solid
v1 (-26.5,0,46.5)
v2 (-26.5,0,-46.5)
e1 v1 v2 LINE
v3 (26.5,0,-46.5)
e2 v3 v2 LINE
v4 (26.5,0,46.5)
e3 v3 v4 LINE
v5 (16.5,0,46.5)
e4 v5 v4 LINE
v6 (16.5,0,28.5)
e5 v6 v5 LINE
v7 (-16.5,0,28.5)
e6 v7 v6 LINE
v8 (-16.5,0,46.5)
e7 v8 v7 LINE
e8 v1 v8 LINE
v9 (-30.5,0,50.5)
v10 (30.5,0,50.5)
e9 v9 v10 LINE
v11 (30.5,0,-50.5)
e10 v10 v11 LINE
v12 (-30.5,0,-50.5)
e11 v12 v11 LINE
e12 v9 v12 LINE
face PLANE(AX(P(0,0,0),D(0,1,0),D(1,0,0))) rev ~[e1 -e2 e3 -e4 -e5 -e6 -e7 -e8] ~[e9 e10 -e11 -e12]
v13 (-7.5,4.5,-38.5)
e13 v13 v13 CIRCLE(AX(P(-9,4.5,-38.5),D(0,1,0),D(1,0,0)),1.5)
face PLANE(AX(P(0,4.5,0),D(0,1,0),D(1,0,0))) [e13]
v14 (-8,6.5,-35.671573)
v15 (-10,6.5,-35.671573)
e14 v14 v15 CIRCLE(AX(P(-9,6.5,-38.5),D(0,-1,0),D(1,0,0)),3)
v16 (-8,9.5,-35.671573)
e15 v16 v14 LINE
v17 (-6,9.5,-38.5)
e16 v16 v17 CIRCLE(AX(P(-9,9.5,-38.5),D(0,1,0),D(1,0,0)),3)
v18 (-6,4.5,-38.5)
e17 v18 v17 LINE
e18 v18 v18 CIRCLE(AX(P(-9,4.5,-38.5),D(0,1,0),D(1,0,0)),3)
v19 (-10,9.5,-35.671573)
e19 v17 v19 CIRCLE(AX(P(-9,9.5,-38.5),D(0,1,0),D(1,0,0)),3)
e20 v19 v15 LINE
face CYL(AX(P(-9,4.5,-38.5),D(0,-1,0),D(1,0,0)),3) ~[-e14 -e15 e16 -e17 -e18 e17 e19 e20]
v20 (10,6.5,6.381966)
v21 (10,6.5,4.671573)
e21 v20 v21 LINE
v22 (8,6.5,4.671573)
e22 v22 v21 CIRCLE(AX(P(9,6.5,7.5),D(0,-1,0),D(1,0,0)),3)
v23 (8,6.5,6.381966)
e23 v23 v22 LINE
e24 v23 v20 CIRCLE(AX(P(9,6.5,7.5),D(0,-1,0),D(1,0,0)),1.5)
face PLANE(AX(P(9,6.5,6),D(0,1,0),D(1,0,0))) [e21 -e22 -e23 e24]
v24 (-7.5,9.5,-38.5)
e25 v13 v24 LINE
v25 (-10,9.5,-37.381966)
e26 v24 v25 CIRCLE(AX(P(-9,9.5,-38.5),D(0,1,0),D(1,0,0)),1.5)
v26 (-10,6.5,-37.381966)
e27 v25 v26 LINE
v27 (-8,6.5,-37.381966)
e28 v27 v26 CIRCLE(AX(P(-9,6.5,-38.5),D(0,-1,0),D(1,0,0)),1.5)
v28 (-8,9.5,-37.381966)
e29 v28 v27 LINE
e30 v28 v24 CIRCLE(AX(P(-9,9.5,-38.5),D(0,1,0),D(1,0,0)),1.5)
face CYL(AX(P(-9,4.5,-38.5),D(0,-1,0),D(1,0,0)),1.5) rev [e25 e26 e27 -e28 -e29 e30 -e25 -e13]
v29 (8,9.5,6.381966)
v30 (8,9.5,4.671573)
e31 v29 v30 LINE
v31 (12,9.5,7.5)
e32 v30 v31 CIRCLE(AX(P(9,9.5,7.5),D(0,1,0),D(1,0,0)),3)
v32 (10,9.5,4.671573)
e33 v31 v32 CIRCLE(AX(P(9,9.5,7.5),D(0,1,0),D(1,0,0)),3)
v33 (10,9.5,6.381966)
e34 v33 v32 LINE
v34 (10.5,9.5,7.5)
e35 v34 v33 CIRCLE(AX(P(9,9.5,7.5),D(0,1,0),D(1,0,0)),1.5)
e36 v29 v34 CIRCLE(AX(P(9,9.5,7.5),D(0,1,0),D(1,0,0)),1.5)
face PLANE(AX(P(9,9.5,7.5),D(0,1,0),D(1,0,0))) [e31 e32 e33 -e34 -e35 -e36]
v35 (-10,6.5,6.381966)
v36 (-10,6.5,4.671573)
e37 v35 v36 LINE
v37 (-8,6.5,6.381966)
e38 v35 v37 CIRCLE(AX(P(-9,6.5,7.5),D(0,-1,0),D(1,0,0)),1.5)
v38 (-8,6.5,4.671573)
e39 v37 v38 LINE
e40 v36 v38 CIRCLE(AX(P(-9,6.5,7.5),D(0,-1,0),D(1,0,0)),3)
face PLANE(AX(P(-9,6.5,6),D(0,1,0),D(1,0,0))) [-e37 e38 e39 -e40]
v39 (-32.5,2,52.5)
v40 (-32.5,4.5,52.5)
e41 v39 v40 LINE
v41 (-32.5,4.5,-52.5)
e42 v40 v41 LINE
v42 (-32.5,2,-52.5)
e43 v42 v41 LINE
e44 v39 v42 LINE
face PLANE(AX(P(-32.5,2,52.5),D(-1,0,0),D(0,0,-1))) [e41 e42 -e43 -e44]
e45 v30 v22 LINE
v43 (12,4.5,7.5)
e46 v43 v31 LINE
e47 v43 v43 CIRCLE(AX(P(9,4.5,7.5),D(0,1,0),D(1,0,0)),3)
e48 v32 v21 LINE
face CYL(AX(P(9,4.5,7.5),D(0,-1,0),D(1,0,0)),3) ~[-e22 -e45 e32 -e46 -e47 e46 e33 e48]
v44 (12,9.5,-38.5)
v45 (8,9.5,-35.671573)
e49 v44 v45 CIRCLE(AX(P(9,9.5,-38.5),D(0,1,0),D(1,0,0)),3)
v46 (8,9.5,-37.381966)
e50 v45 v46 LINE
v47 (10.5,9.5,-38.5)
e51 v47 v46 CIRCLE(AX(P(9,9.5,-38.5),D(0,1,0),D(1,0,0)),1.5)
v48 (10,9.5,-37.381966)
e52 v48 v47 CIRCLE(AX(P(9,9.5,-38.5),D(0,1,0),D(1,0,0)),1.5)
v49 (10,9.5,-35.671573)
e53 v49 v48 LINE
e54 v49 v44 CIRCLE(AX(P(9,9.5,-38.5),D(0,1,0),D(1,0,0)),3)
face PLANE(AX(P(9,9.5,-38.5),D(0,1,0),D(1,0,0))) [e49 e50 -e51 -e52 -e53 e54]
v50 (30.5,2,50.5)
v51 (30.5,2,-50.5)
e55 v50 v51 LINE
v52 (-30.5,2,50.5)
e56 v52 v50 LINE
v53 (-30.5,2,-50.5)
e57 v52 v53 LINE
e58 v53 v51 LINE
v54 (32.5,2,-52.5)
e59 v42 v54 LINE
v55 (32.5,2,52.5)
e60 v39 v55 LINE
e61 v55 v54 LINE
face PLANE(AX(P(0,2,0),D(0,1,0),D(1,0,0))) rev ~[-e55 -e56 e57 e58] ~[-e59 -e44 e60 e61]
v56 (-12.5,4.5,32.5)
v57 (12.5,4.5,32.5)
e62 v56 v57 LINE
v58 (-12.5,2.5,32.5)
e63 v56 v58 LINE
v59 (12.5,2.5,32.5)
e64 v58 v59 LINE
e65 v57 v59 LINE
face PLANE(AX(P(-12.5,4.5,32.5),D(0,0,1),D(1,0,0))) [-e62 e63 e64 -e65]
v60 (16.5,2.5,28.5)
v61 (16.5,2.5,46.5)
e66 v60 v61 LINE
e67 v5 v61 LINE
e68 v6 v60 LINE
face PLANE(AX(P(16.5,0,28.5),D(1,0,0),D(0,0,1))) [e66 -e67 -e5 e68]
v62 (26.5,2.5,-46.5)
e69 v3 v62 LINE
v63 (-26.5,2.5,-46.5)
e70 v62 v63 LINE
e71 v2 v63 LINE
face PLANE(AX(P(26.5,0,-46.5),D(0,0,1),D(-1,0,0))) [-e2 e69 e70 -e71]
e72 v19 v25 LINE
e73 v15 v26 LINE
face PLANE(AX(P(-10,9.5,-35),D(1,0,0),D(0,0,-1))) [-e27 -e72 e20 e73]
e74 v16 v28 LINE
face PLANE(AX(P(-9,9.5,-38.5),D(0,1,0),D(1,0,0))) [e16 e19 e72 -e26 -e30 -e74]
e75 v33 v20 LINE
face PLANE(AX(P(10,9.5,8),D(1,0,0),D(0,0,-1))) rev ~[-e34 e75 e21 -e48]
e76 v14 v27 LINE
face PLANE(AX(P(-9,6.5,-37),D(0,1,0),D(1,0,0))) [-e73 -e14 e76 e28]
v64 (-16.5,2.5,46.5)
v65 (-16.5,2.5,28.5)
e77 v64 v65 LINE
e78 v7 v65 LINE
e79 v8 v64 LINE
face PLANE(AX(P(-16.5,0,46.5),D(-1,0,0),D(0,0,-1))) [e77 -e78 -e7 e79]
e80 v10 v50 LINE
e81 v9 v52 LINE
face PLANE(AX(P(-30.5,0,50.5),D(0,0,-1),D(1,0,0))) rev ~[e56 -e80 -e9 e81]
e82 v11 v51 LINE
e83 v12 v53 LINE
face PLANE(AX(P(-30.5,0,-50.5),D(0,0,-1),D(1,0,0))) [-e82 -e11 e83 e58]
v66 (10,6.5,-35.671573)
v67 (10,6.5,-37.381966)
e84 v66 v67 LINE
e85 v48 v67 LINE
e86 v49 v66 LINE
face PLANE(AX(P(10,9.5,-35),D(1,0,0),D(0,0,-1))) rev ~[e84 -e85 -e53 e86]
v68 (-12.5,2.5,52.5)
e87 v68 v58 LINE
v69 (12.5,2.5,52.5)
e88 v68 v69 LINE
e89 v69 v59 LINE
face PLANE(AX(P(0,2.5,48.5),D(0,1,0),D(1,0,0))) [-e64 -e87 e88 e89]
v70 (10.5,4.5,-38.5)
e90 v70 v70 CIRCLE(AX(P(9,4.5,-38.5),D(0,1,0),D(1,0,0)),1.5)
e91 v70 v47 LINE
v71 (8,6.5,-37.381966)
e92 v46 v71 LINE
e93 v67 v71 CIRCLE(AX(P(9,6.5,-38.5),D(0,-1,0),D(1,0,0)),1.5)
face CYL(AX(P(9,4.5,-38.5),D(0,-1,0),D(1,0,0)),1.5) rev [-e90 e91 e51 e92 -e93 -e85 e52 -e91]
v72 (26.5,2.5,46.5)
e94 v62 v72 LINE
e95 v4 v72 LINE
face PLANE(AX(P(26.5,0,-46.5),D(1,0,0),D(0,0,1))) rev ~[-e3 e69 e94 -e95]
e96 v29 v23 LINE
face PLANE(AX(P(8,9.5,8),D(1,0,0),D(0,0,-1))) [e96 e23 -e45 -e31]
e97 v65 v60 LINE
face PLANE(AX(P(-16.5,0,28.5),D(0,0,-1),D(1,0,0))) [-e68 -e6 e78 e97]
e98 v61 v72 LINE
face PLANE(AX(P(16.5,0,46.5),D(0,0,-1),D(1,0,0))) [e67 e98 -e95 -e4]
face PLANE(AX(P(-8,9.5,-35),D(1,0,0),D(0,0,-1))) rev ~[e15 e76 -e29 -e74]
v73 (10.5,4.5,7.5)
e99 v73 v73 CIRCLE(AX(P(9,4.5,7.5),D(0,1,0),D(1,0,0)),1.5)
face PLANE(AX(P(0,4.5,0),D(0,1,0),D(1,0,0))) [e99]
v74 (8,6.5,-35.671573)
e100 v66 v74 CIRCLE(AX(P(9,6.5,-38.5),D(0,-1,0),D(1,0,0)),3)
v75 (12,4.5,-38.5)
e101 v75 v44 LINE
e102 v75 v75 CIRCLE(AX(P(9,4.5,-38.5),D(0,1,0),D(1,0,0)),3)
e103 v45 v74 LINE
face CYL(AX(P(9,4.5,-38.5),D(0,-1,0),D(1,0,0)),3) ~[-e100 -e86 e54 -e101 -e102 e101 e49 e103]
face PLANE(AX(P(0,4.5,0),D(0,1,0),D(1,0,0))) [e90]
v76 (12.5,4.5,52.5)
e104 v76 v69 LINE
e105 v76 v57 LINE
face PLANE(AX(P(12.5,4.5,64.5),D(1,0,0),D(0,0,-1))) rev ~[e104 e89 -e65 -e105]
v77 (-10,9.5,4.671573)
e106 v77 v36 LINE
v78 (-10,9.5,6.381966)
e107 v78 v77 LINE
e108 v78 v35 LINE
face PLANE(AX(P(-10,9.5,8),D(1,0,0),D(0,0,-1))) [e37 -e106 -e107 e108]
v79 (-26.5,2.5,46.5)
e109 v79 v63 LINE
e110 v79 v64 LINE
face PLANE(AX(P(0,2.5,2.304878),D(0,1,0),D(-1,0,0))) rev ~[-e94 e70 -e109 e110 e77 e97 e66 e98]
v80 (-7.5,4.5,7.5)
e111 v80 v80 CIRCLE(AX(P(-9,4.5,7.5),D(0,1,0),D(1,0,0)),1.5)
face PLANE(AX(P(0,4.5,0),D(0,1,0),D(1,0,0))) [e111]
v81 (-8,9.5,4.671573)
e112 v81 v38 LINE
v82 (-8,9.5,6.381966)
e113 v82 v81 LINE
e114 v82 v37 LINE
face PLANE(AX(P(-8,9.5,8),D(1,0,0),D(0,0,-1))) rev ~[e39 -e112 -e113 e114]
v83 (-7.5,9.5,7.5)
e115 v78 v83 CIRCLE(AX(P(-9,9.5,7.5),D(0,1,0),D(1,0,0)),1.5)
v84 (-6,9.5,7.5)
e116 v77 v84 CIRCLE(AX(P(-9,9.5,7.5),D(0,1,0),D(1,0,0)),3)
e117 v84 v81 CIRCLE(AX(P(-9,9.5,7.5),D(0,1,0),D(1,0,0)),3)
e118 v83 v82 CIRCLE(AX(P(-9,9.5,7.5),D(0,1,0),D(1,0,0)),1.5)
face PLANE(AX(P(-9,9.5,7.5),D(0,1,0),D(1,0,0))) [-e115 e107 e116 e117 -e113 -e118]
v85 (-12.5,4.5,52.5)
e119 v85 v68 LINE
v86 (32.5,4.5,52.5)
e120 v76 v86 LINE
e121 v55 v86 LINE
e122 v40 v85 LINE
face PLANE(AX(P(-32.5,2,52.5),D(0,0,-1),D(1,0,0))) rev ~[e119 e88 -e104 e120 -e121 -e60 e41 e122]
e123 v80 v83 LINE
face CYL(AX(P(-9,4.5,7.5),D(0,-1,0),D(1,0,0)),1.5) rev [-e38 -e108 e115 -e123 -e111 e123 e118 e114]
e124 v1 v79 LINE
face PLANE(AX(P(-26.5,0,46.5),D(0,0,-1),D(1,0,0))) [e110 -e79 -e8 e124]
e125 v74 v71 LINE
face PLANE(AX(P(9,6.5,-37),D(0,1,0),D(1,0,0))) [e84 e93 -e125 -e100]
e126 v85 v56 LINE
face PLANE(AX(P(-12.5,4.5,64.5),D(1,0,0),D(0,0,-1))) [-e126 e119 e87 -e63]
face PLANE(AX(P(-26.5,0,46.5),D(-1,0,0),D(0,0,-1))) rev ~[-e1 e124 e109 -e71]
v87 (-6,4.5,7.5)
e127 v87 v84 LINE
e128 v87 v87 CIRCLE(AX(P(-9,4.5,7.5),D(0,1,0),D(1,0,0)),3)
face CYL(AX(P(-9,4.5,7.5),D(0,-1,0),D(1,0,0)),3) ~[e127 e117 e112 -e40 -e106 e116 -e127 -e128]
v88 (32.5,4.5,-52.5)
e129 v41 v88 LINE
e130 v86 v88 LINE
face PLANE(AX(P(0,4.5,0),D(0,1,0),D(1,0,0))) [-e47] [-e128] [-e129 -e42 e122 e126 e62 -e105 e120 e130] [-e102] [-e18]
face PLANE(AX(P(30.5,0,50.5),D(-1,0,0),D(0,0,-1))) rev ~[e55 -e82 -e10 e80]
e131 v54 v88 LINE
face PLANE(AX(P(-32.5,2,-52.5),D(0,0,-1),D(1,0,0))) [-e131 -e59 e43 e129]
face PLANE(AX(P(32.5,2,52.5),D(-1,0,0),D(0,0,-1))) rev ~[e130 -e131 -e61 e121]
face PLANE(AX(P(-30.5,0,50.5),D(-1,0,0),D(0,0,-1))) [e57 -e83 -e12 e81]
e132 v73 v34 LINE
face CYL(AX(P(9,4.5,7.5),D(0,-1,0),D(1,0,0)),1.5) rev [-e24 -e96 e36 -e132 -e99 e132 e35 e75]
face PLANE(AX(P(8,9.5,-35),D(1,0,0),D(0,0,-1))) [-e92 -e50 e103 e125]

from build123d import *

# Parameters (mm, degrees)
SKETCH1_W           = 61
SKETCH1_H           = 101
BOSS_EXTRUDE1_DEPTH = 2
SKETCH2_W           = 65
SKETCH2_H           = 105
BOSS_EXTRUDE2_DEPTH = 2.5
SKETCH4_R           = 3
SKETCH4_R_2         = 1.5
BOSS_EXTRUDE3_DEPTH = 5
SKETCH5_W           = 25
SKETCH5_H           = 32
CUT_EXTRUDE1_DEPTH  = 2
SKETCH6_W           = 2
SKETCH6_H           = 4
CUT_EXTRUDE2_DEPTH  = 3
CUT_EXTRUDE3_DEPTH  = 2.5


with BuildPart() as part:
    # Sketch1 → Boss-Extrude1 (new body)
    with BuildSketch(Plane(origin=(0, 0, 0), x_dir=(1, 0, 0), z_dir=(0, 1, 0))):
        Rectangle(SKETCH1_W, SKETCH1_H)
    extrude(amount=BOSS_EXTRUDE1_DEPTH)

    # Sketch2 → Boss-Extrude2 (add)
    with BuildSketch(Plane(origin=(0, 2, 0), x_dir=(1, 0, 0), z_dir=(0, 1, 0))):
        Rectangle(SKETCH2_W, SKETCH2_H)
    extrude(amount=BOSS_EXTRUDE2_DEPTH)

    # Sketch4 → Boss-Extrude3 (add)
    with BuildSketch(Plane(origin=(0, 4.5, 0), x_dir=(1, 0, 0), z_dir=(0, 1, 0))):
        with Locations((-9, -7.5)):
            Circle(SKETCH4_R)
        with Locations((-9, -7.5)):
            Circle(SKETCH4_R_2, mode=Mode.SUBTRACT)
        with Locations((9, -7.5)):
            Circle(SKETCH4_R)
        with Locations((9, -7.5)):
            Circle(SKETCH4_R_2, mode=Mode.SUBTRACT)
        with Locations((9, 38.5)):
            Circle(SKETCH4_R)
        with Locations((9, 38.5)):
            Circle(SKETCH4_R_2, mode=Mode.SUBTRACT)
        with Locations((-9, 38.5)):
            Circle(SKETCH4_R)
        with Locations((-9, 38.5)):
            Circle(SKETCH4_R_2, mode=Mode.SUBTRACT)
    extrude(amount=BOSS_EXTRUDE3_DEPTH)

    # Sketch5 → Cut-Extrude1 (cut)
    with BuildSketch(Plane(origin=(0, 4.5, 0), x_dir=(1, 0, 0), z_dir=(0, 1, 0))):
        with Locations((0, -48.5)):
            Rectangle(SKETCH5_W, SKETCH5_H)
    extrude(amount=-CUT_EXTRUDE1_DEPTH, mode=Mode.SUBTRACT)

    # Sketch6 → Cut-Extrude2 (cut)
    with BuildSketch(Plane(origin=(0, 9.5, 0), x_dir=(1, 0, 0), z_dir=(0, 1, 0))):
        with Locations((9, -6)):
            Rectangle(SKETCH6_W, SKETCH6_H)
        with Locations((-9, -6)):
            Rectangle(SKETCH6_W, SKETCH6_H)
        with Locations((9, 37)):
            Rectangle(SKETCH6_W, SKETCH6_H)
        with Locations((-9, 37)):
            Rectangle(SKETCH6_W, SKETCH6_H)
    extrude(amount=-CUT_EXTRUDE2_DEPTH, mode=Mode.SUBTRACT)

    # Sketch7 → Cut-Extrude3 (cut)
    with BuildSketch(Plane.XZ):
        Polygon((-16.5, 28.5), (16.5, 28.5), (16.5, 46.5), (26.5, 46.5), (26.5, 28.5), (26.5, -46.5), (-26.5, -46.5), (-26.5, 28.5), (-26.5, 46.5), (-16.5, 46.5), align=None)
    extrude(amount=-CUT_EXTRUDE3_DEPTH, mode=Mode.SUBTRACT)


solid = part.part
